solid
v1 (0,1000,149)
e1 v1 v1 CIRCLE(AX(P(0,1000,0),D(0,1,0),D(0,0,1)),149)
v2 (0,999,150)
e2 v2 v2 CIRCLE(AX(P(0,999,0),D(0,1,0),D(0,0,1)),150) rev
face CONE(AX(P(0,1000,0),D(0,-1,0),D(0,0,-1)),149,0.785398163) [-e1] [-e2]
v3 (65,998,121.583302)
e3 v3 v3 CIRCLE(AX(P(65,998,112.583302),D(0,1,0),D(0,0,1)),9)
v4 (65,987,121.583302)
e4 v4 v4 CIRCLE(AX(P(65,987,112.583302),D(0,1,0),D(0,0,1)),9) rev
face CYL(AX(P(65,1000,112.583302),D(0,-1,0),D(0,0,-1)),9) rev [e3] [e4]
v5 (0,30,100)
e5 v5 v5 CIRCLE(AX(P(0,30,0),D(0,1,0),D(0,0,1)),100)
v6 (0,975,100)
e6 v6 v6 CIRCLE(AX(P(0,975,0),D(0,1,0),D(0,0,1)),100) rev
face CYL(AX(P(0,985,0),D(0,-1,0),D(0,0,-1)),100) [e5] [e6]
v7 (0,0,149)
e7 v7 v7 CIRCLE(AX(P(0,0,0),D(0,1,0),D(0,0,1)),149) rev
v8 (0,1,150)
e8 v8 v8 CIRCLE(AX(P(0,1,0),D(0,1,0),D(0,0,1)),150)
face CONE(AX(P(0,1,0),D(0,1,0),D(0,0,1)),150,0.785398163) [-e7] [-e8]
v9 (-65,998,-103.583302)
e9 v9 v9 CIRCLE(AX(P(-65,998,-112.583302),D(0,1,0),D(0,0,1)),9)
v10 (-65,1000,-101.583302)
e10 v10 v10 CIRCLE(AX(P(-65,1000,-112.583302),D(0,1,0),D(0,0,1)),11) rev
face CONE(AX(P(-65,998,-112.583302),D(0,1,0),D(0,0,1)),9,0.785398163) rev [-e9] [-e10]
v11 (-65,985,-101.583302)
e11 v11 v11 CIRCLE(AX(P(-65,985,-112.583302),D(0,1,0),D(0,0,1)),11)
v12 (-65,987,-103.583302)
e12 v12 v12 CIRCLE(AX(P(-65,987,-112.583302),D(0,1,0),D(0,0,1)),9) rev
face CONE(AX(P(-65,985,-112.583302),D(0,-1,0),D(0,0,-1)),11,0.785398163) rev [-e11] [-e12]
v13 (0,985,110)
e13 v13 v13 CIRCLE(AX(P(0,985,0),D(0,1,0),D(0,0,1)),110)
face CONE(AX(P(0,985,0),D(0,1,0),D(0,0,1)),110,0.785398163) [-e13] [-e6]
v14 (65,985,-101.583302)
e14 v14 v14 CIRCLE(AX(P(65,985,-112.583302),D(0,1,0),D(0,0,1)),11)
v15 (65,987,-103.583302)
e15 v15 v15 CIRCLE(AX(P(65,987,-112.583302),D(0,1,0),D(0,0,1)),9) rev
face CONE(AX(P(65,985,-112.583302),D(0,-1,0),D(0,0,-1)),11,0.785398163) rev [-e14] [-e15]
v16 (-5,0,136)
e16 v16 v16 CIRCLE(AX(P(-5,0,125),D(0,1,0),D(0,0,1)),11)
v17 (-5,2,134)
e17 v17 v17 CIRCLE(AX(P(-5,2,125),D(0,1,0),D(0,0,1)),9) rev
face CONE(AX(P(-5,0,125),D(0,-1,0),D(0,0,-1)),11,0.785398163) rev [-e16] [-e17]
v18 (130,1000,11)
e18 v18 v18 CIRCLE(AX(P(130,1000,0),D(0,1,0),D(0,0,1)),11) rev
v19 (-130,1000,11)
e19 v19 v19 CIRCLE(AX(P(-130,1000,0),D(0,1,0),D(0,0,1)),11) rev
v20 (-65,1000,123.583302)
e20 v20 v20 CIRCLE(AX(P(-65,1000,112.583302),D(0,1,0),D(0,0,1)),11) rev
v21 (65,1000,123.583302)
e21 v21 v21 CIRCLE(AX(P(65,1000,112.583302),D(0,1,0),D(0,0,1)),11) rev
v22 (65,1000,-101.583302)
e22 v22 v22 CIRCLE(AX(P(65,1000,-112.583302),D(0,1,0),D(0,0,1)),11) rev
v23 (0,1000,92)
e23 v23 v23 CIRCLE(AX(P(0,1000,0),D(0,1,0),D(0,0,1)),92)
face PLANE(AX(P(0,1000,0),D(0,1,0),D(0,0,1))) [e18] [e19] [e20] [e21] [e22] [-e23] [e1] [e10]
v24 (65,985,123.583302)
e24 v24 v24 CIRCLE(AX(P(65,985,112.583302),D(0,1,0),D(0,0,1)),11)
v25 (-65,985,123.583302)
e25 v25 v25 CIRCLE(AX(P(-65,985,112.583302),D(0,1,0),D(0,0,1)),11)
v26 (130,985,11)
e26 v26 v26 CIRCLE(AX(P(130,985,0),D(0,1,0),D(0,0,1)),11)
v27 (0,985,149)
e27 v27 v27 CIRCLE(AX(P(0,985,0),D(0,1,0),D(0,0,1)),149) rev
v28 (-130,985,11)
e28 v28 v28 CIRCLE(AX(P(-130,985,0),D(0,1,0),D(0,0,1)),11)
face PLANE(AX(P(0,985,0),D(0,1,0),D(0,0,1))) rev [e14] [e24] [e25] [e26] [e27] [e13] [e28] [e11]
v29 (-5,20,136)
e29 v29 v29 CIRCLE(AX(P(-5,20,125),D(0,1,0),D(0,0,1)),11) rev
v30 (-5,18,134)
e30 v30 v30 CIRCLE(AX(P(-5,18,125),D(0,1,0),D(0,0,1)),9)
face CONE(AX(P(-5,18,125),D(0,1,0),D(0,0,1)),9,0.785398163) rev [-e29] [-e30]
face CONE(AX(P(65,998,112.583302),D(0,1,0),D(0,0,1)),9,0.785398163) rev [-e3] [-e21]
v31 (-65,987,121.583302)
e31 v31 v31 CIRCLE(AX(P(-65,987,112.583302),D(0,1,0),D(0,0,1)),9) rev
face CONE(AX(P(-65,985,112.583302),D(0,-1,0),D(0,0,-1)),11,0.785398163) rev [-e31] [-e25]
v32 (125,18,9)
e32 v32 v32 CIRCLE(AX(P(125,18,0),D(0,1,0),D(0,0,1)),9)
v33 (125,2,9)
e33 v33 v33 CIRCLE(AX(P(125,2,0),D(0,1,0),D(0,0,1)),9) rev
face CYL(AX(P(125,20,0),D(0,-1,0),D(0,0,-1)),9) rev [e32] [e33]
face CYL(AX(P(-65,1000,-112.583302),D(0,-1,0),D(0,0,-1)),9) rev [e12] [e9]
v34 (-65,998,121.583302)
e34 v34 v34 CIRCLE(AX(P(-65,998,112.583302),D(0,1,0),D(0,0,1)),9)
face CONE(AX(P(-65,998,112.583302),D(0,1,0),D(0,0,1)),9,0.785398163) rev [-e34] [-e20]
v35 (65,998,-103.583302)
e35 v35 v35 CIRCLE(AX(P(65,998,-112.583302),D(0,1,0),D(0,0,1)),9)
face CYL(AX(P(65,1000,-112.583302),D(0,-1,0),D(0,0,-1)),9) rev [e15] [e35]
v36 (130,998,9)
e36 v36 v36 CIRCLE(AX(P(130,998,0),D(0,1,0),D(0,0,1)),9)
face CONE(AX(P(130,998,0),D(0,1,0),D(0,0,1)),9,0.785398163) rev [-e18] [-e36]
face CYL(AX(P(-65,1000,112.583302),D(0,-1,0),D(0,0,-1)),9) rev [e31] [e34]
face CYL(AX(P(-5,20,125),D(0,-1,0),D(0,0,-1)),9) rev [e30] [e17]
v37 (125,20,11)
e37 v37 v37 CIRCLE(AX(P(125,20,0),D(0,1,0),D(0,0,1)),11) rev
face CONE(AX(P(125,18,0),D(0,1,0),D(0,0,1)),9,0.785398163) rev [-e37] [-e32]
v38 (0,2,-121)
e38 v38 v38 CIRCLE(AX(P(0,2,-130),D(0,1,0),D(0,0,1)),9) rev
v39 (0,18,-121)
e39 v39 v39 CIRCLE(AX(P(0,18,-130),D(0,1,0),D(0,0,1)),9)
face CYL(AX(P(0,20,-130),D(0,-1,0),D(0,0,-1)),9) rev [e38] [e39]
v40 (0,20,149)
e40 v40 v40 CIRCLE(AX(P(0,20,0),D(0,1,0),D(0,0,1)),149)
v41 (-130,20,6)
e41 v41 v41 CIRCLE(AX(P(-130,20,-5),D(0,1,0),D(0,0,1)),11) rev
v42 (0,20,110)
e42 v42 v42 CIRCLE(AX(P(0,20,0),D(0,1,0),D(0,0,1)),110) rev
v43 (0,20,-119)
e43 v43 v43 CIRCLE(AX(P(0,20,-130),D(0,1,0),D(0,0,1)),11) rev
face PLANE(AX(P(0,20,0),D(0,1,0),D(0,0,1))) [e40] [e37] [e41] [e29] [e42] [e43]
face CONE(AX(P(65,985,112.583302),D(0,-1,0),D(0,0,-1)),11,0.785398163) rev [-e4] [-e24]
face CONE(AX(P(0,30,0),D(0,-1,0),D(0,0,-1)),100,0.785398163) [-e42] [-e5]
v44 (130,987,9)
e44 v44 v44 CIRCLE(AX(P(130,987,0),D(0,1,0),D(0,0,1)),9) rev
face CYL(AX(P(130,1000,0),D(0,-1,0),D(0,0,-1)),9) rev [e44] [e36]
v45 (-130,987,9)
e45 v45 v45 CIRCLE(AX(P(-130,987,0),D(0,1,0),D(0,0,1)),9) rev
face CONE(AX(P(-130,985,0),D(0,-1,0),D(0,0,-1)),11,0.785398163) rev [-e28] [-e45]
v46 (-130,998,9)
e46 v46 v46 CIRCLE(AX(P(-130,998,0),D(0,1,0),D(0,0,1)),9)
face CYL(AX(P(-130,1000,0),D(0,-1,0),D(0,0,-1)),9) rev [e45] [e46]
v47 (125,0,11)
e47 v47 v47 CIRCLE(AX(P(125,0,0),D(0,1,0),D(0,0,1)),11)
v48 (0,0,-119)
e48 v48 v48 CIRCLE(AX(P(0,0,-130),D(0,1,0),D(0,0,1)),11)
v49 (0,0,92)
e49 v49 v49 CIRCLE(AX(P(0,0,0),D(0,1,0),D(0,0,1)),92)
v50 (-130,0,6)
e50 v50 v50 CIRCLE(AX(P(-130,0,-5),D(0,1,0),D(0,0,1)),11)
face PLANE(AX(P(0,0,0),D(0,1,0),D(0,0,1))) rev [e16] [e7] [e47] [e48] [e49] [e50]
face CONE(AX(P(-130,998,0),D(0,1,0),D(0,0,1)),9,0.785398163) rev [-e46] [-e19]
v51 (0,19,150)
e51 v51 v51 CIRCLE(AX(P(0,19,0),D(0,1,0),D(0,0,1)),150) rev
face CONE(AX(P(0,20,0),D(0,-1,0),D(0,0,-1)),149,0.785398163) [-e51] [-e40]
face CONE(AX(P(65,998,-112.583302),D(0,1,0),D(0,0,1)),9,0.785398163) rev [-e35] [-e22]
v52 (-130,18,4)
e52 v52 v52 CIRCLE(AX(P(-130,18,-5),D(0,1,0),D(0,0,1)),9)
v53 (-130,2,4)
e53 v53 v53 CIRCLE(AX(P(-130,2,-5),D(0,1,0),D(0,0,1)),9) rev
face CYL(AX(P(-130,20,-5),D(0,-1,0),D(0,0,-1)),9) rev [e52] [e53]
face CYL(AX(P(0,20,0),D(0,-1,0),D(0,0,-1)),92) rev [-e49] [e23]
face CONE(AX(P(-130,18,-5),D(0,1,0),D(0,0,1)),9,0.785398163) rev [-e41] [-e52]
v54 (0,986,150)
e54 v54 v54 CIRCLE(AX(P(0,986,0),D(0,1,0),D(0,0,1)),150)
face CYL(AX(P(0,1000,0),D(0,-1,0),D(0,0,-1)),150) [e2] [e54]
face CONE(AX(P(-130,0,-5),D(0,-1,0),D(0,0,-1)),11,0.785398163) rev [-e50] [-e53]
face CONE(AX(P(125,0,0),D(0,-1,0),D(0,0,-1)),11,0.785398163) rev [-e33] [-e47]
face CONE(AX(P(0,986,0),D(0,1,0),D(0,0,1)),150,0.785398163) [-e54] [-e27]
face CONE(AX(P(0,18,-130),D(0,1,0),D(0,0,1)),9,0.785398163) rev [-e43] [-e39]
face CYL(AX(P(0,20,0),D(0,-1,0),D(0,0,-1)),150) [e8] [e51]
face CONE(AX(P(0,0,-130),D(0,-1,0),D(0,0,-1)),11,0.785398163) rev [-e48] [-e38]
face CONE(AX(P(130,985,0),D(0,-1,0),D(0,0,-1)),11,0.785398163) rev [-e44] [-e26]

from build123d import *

# Parameters (mm, degrees)
SKIZZE1_R                       = 150
SKIZZE1_R_2                     = 92
SKIZZE1_R_3                     = 9
AUFSATZ_LINEAR_AUSTRAGEN1_DEPTH = 20
SKIZZE2_R                       = 100
SKIZZE2_R_2                     = 92
AUFSATZ_LINEAR_AUSTRAGEN2_DEPTH = 965
SKIZZE3_R                       = 150
SKIZZE3_R_2                     = 92
SKIZZE3_R_3                     = 9
AUFSATZ_LINEAR_AUSTRAGEN3_DEPTH = 15
FASE1_SIZE                      = 10
FASE2_SIZE                      = 1
FASE3_SIZE                      = 2


with BuildPart() as part:
    # Skizze1 → Aufsatz-Linear austragen1 (new body)
    with BuildSketch(Plane(origin=(0, 0, 0), x_dir=(1, 0, 0), z_dir=(0, 1, 0))):
        with Locations(Location((0, 0, 0), (0, 0, 270))):
            Circle(SKIZZE1_R)
        with Locations(Location((0, 0, 0), (0, 0, 270))):
            Circle(SKIZZE1_R_2, mode=Mode.SUBTRACT)
        with Locations(Location((0, 130, 0), (0, 0, 270))):
            Circle(SKIZZE1_R_3, mode=Mode.SUBTRACT)
        with Locations(Location((125, 0, 0), (0, 0, 270))):
            Circle(SKIZZE1_R_3, mode=Mode.SUBTRACT)
        with Locations(Location((-5, -125, 0), (0, 0, 270))):
            Circle(SKIZZE1_R_3, mode=Mode.SUBTRACT)
        with Locations(Location((-130, 5, 0), (0, 0, 270))):
            Circle(SKIZZE1_R_3, mode=Mode.SUBTRACT)
    extrude(amount=AUFSATZ_LINEAR_AUSTRAGEN1_DEPTH)

    # Skizze2 → Aufsatz-Linear austragen2 (add)
    with BuildSketch(Plane(origin=(0, 20, 0), x_dir=(1, 0, 0), z_dir=(0, 1, 0))):
        with Locations(Location((0, 0, 0), (0, 0, 270))):
            Circle(SKIZZE2_R)
        with Locations(Location((0, 0, 0), (0, 0, 270))):
            Circle(SKIZZE2_R_2, mode=Mode.SUBTRACT)
    extrude(amount=AUFSATZ_LINEAR_AUSTRAGEN2_DEPTH)

    # Skizze3 → Aufsatz-Linear austragen3 (add)
    with BuildSketch(Plane(origin=(0, 985, 0), x_dir=(1, 0, 0), z_dir=(0, 1, 0))):
        with Locations(Location((0, 0, 0), (0, 0, 270))):
            Circle(SKIZZE3_R)
        with Locations(Location((0, 0, 0), (0, 0, 270))):
            Circle(SKIZZE3_R_2, mode=Mode.SUBTRACT)
        with Locations(Location((130, 0, 0), (0, 0, 270))):
            Circle(SKIZZE3_R_3, mode=Mode.SUBTRACT)
        with Locations(Location((65, -112.583302492, 0), (0, 0, 270))):
            Circle(SKIZZE3_R_3, mode=Mode.SUBTRACT)
        with Locations(Location((-65, -112.583302492, 0), (0, 0, 270))):
            Circle(SKIZZE3_R_3, mode=Mode.SUBTRACT)
        with Locations(Location((-130, 0, 0), (0, 0, 270))):
            Circle(SKIZZE3_R_3, mode=Mode.SUBTRACT)
        with Locations(Location((-65, 112.583302492, 0), (0, 0, 270))):
            Circle(SKIZZE3_R_3, mode=Mode.SUBTRACT)
        with Locations(Location((65, 112.583302492, 0), (0, 0, 270))):
            Circle(SKIZZE3_R_3, mode=Mode.SUBTRACT)
    extrude(amount=AUFSATZ_LINEAR_AUSTRAGEN3_DEPTH)

    # Fase1
    fase1_edges = [part.edges().sort_by_distance(p)[0] for p in [
        (0, 985, -100),
        (0, 20, -100),
    ]]
    chamfer(fase1_edges, length=FASE1_SIZE)

    # Fase2
    fase2_edges = [part.edges().sort_by_distance(p)[0] for p in [
        (0, 0, -150),
        (0, 1000, -150),
        (0, 985, -150),
        (0, 20, -150),
    ]]
    chamfer(fase2_edges, length=FASE2_SIZE)

    # Fase3
    fase3_edges = [part.edges().sort_by_distance(p)[0] for p in [
        (125, 0, -9),
        (125, 20, -9),
        (-5, 0, 116),
        (-5, 20, 116),
        (-130, 0, -14),
        (-130, 20, -14),
        (130, 985, -9),
        (65, 985, 103.583302492),
        (-65, 985, 103.583302492),
        (-130, 985, -9),
        (-65, 985, -121.583302492),
        (65, 985, -121.583302492),
        (130, 1000, -9),
        (65, 1000, 103.583302492),
        (-65, 1000, 103.583302492),
        (-130, 1000, -9),
        (-65, 1000, -121.583302492),
        (65, 1000, -121.583302492),
        (0, 0, -139),
        (0, 20, -139),
    ]]
    chamfer(fase3_edges, length=FASE3_SIZE)


solid = part.part
